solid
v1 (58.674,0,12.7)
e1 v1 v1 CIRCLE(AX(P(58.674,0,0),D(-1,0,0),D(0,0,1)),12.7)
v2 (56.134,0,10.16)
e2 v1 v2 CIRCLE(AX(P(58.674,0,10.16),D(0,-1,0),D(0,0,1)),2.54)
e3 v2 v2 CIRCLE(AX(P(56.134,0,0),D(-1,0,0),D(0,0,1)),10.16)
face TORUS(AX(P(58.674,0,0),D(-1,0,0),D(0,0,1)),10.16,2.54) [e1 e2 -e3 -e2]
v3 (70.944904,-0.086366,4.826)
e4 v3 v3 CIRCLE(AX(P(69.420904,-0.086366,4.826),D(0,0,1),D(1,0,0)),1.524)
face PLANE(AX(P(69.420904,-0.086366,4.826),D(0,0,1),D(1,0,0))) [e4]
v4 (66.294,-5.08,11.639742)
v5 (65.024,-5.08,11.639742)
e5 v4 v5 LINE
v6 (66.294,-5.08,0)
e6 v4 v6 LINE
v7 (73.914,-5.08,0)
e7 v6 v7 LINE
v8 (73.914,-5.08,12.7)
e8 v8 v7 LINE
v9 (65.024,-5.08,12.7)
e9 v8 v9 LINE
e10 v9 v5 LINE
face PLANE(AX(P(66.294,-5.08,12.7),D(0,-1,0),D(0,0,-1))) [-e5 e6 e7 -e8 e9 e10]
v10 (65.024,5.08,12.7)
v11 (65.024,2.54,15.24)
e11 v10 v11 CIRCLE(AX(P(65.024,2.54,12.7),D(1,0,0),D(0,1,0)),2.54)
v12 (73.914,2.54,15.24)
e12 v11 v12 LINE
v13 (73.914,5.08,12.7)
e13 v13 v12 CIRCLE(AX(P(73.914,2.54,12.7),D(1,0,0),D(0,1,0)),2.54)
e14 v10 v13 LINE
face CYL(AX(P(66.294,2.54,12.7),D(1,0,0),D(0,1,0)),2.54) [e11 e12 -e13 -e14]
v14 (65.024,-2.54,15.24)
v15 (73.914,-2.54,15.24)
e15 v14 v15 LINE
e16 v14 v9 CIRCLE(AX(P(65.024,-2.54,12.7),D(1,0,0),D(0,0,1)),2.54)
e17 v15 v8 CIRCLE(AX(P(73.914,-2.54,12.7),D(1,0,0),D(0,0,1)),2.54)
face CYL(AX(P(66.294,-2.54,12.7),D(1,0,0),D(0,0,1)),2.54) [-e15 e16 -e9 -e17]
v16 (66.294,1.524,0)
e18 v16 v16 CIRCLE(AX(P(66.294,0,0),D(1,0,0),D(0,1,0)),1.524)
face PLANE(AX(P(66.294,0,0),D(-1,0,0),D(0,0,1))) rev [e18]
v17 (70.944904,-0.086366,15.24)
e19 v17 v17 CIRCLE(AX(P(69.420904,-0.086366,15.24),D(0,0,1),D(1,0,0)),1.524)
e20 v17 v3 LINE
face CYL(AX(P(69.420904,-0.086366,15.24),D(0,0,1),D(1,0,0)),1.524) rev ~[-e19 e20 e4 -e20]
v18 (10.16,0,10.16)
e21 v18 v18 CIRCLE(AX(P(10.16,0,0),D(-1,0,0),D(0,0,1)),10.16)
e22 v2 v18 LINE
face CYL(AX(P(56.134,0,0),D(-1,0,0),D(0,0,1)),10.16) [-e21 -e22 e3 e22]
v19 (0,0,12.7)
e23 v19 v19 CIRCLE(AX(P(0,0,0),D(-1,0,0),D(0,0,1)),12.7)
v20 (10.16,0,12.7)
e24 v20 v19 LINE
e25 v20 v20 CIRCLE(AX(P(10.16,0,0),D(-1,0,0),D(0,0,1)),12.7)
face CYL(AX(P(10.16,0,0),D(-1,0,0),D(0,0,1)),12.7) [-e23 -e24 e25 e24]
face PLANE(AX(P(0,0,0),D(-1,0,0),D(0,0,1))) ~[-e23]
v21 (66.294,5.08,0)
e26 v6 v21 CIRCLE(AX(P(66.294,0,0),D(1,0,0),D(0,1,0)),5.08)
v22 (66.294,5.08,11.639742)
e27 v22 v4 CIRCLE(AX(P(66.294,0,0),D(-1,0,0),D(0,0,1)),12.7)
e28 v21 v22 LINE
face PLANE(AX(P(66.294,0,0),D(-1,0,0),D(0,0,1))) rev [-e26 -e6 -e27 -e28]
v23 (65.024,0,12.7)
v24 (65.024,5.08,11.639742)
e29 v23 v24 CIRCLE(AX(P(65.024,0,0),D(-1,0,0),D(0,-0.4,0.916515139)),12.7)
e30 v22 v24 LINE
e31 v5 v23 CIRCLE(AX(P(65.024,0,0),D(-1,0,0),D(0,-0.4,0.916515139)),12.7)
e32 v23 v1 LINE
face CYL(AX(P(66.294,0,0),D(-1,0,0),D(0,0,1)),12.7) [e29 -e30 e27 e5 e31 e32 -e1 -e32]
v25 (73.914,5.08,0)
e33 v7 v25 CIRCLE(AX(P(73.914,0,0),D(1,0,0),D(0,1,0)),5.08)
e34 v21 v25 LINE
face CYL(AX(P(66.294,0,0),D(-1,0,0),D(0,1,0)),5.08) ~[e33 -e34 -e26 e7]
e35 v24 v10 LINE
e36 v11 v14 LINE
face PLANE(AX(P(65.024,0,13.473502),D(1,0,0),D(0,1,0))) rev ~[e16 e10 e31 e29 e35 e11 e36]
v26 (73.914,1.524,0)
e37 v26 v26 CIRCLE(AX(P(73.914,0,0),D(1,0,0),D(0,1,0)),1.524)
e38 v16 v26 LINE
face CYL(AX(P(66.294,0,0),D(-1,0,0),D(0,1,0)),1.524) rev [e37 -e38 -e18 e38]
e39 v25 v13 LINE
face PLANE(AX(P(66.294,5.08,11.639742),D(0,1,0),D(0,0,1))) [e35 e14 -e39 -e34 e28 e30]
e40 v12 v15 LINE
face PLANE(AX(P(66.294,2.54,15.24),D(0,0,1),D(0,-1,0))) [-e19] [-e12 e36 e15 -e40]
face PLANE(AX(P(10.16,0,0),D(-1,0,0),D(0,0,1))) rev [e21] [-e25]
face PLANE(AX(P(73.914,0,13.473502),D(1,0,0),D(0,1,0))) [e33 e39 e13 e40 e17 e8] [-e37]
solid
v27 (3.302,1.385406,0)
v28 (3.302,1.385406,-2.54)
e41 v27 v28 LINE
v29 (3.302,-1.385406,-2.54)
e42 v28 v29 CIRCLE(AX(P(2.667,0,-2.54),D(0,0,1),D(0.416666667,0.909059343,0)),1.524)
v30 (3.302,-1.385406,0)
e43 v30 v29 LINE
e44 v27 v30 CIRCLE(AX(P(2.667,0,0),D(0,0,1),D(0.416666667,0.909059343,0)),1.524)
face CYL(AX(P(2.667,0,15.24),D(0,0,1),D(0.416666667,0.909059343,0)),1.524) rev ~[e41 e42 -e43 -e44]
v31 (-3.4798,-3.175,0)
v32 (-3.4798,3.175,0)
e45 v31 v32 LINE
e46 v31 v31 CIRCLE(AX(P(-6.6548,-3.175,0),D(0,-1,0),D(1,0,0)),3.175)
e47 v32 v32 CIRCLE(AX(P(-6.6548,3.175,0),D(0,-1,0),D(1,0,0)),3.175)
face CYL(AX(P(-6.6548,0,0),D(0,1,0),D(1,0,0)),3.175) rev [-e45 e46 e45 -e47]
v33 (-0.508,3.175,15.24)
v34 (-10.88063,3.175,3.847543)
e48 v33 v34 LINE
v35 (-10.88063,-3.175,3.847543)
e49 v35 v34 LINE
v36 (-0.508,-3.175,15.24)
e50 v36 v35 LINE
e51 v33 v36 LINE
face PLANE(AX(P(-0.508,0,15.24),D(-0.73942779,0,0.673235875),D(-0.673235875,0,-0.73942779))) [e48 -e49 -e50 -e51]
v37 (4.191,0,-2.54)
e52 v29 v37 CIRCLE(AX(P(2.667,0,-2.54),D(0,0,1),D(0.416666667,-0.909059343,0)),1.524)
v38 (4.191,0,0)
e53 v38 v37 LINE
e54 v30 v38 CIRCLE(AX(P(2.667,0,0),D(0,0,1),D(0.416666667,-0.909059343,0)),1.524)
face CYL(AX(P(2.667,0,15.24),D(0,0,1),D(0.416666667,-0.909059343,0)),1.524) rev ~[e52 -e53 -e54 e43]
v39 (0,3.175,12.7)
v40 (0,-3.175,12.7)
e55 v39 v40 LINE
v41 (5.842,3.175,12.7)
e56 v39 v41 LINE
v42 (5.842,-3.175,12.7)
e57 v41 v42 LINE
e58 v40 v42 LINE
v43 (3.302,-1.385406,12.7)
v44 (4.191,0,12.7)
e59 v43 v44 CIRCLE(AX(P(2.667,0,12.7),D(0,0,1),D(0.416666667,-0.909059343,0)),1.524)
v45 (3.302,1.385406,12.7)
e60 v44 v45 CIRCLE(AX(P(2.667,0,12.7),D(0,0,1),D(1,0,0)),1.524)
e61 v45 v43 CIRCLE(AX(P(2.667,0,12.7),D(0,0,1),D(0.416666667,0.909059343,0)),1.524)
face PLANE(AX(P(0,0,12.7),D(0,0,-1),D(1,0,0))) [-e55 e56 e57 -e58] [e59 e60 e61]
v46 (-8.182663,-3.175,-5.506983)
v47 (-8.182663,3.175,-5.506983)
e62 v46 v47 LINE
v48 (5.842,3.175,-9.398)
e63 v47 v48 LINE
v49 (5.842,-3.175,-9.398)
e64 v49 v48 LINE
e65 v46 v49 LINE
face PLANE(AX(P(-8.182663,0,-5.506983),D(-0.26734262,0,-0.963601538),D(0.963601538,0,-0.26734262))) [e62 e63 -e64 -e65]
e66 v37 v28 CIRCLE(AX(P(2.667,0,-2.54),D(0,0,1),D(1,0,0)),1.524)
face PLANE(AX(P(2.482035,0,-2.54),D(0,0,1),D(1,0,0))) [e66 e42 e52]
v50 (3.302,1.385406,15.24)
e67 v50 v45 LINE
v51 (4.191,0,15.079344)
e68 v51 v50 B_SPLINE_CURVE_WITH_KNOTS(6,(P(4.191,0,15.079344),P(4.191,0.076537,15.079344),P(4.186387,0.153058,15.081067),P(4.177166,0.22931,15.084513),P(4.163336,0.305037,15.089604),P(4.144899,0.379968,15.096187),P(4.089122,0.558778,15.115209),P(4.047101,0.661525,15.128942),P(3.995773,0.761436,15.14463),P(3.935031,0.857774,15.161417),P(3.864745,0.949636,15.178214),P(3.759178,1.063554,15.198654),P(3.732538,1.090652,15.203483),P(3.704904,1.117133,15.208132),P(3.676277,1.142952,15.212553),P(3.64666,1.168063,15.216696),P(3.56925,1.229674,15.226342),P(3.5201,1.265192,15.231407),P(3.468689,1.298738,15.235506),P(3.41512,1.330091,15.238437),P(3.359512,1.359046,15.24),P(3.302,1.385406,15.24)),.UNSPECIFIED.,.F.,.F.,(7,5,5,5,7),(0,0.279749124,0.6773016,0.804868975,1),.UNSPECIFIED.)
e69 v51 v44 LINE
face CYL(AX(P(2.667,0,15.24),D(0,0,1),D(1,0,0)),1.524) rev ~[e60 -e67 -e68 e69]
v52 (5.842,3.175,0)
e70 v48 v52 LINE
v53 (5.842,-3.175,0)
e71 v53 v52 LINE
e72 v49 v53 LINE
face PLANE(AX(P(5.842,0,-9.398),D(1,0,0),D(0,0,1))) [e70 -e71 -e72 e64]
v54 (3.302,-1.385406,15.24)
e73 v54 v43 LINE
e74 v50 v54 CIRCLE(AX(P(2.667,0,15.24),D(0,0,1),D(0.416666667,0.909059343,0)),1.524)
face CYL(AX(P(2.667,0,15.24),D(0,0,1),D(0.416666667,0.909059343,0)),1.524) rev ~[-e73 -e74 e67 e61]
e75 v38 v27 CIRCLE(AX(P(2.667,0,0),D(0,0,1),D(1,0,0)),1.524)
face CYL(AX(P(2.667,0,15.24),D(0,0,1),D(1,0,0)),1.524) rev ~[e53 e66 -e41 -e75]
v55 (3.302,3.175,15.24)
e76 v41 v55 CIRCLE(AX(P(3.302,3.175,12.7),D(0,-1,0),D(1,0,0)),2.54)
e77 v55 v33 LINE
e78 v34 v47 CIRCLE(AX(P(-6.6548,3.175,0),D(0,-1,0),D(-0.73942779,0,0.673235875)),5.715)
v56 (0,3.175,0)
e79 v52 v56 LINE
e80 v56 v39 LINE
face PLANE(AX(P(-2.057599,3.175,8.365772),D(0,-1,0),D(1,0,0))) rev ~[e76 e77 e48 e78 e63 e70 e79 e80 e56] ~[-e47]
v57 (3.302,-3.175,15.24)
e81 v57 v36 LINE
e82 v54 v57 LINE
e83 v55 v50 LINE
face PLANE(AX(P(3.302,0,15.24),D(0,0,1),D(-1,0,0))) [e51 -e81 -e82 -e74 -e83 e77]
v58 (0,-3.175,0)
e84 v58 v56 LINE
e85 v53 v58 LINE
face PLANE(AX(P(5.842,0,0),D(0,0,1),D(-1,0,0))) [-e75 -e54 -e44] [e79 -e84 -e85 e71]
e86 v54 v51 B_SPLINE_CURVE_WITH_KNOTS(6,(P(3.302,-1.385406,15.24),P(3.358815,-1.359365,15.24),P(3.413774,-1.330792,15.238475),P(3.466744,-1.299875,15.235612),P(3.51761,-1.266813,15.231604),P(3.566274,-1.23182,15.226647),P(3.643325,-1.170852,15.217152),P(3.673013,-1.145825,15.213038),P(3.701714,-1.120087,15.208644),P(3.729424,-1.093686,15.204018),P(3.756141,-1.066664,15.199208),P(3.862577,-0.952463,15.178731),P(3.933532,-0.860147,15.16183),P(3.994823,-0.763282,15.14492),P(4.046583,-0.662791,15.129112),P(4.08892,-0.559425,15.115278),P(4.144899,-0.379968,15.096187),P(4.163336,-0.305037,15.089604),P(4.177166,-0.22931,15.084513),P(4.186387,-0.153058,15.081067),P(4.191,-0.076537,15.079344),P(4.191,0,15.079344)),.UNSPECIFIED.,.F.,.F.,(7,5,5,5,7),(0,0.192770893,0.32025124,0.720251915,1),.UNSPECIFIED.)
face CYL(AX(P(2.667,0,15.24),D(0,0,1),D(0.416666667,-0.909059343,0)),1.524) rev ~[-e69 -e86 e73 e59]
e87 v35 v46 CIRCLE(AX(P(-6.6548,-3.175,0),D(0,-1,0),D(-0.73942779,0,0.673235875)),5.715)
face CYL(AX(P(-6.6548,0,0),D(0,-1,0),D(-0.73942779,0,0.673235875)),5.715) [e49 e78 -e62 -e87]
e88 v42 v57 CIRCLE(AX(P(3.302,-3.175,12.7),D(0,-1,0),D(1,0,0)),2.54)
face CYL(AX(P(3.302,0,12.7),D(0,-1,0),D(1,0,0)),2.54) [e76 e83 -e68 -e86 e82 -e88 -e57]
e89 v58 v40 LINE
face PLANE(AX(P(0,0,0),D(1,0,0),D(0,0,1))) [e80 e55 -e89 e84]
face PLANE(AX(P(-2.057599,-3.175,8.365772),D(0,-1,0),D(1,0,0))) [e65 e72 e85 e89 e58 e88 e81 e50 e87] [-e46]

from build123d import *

# Parameters (mm, degrees)
F0_W     = 5.842
F0_H     = 12.7
F0_R     = 3.175
F2_DEPTH = 3.175
F3_R     = 1.524
F4_DEPTH = 7.62
F5_DEPTH = 1.27
F7_DEPTH = 17.78
F6_R     = 1.524
F8_DEPTH = 10.414


with BuildPart() as f1:
    # F0 (on Front) → F1 (revolve)
    with BuildSketch(Plane.XZ):
        with Locations((2.921, 6.35)):
            Rectangle(F0_W, F0_H)
        with BuildLine():
            Line((5.842, 12.7), (5.842, 0))
            Line((5.842, 0), (66.294, 0))
            Line((66.294, 0), (66.294, 12.7))
            Line((66.294, 12.7), (58.674, 12.7))
            ThreePointArc((58.674, 12.7), (56.8779487758, 11.9560512242), (56.134, 10.16))
            Line((56.134, 10.16), (10.16, 10.16))
            Line((10.16, 10.16), (10.16, 12.7))
            Line((10.16, 12.7), (5.842, 12.7))
        make_face()
    revolve(axis=Axis((33.147, 0, 0), (-1, 0, 0)))

    # F3 (on face) → F4 (join)
    with BuildSketch(Plane.YZ.offset(66.294)):
        with BuildLine():
            ThreePointArc((-5.08, 11.6397422652), (0, 12.7), (5.08, 11.6397422652))
            Line((5.08, 11.6397422652), (5.08, 12.7))
            ThreePointArc((5.08, 12.7), (4.3360512242, 14.4960512242), (2.54, 15.24))
            Line((2.54, 15.24), (-2.54, 15.24))
            ThreePointArc((-2.54, 15.24), (-4.3360512242, 14.4960512242), (-5.08, 12.7))
            Line((-5.08, 12.7), (-5.08, 11.6397422652))
        make_face()
        with BuildLine():
            ThreePointArc((-5.08, 0), (0, 5.08), (5.08, 0))
            Line((5.08, 0), (5.08, 11.6397422652))
            ThreePointArc((5.08, 11.6397422652), (0, 12.7), (-5.08, 11.6397422652))
            Line((-5.08, 11.6397422652), (-5.08, 0))
        make_face()
        with BuildLine():
            ThreePointArc((-5.08, 0), (0, -5.08), (5.08, 0))
            ThreePointArc((5.08, 0), (0, 5.08), (-5.08, 0))
        make_face()
        Circle(F3_R, mode=Mode.SUBTRACT)
    extrude(amount=F4_DEPTH)

    # F5 (add): a face of the model
    f5_faces = [f1.faces().sort_by_distance(p)[0] for p in [
        (66.294, 0, 13.6861486969),
    ]]
    extrude(f5_faces, amount=F5_DEPTH)

    # F6 (on face) → F8 (cut)
    with BuildSketch(Plane.XY.offset(15.24)):
        with Locations((69.4209039211, -0.0863659661)):
            Circle(F6_R)
    extrude(amount=-F8_DEPTH, mode=Mode.SUBTRACT)


with BuildPart() as f2:
    # F0 (on Front) → F2 (new body, symmetric)
    with BuildSketch(Plane.XZ):
        with BuildLine():
            Line((-0.9398, 0), (0, 0))
            Line((0, 0), (0, 12.7))
            Line((0, 12.7), (5.842, 12.7))
            ThreePointArc((5.842, 12.7), (5.0980512242, 14.4960512242), (3.302, 15.24))
            Line((3.302, 15.24), (-0.508, 15.24))
            Line((-0.508, 15.24), (-10.8806298187, 3.8475430269))
            ThreePointArc((-10.8806298187, 3.8475430269), (-4.5919612295, 5.3297205562), (-0.9398, 0))
        make_face()
        with BuildLine():
            Line((5.842, 0), (0, 0))
            Line((0, 0), (-0.9398, 0))
            ThreePointArc((-0.9398, 0), (-3.1957909266, -4.5493385486), (-8.1826630726, -5.5069827884))
            Line((-8.1826630726, -5.5069827884), (5.842, -9.398))
            Line((5.842, -9.398), (5.842, 0))
        make_face()
        with BuildLine():
            ThreePointArc((-8.1826630726, -5.5069827884), (-3.1957909266, -4.5493385486), (-0.9398, 0))
            ThreePointArc((-0.9398, 0), (-4.5919612295, 5.3297205562), (-10.8806298187, 3.8475430269))
            ThreePointArc((-10.8806298187, 3.8475430269), (-12.1459778134, -1.5837270034), (-8.1826630726, -5.5069827884))
        make_face()
        with Locations((-6.6548, 0)):
            Circle(F0_R, mode=Mode.SUBTRACT)
    extrude(amount=F2_DEPTH, both=True)

    # F6 (on face) → F7 (cut)
    with BuildSketch(Plane.XY.offset(15.24)):
        with BuildLine():
            Line((3.302, -1.3854064386), (3.302, 1.3854064386))
            ThreePointArc((3.302, 1.3854064386), (1.143, 0), (3.302, -1.3854064386))
        make_face()
        with BuildLine():
            ThreePointArc((3.302, -1.3854064386), (3.9496371272, -0.8230540687), (4.191, 0))
            ThreePointArc((4.191, 0), (3.9496371272, 0.8230540687), (3.302, 1.3854064386))
            Line((3.302, 1.3854064386), (3.302, -1.3854064386))
        make_face()
    extrude(amount=-F7_DEPTH, mode=Mode.SUBTRACT)


solid = Compound([f1.part, f2.part])
